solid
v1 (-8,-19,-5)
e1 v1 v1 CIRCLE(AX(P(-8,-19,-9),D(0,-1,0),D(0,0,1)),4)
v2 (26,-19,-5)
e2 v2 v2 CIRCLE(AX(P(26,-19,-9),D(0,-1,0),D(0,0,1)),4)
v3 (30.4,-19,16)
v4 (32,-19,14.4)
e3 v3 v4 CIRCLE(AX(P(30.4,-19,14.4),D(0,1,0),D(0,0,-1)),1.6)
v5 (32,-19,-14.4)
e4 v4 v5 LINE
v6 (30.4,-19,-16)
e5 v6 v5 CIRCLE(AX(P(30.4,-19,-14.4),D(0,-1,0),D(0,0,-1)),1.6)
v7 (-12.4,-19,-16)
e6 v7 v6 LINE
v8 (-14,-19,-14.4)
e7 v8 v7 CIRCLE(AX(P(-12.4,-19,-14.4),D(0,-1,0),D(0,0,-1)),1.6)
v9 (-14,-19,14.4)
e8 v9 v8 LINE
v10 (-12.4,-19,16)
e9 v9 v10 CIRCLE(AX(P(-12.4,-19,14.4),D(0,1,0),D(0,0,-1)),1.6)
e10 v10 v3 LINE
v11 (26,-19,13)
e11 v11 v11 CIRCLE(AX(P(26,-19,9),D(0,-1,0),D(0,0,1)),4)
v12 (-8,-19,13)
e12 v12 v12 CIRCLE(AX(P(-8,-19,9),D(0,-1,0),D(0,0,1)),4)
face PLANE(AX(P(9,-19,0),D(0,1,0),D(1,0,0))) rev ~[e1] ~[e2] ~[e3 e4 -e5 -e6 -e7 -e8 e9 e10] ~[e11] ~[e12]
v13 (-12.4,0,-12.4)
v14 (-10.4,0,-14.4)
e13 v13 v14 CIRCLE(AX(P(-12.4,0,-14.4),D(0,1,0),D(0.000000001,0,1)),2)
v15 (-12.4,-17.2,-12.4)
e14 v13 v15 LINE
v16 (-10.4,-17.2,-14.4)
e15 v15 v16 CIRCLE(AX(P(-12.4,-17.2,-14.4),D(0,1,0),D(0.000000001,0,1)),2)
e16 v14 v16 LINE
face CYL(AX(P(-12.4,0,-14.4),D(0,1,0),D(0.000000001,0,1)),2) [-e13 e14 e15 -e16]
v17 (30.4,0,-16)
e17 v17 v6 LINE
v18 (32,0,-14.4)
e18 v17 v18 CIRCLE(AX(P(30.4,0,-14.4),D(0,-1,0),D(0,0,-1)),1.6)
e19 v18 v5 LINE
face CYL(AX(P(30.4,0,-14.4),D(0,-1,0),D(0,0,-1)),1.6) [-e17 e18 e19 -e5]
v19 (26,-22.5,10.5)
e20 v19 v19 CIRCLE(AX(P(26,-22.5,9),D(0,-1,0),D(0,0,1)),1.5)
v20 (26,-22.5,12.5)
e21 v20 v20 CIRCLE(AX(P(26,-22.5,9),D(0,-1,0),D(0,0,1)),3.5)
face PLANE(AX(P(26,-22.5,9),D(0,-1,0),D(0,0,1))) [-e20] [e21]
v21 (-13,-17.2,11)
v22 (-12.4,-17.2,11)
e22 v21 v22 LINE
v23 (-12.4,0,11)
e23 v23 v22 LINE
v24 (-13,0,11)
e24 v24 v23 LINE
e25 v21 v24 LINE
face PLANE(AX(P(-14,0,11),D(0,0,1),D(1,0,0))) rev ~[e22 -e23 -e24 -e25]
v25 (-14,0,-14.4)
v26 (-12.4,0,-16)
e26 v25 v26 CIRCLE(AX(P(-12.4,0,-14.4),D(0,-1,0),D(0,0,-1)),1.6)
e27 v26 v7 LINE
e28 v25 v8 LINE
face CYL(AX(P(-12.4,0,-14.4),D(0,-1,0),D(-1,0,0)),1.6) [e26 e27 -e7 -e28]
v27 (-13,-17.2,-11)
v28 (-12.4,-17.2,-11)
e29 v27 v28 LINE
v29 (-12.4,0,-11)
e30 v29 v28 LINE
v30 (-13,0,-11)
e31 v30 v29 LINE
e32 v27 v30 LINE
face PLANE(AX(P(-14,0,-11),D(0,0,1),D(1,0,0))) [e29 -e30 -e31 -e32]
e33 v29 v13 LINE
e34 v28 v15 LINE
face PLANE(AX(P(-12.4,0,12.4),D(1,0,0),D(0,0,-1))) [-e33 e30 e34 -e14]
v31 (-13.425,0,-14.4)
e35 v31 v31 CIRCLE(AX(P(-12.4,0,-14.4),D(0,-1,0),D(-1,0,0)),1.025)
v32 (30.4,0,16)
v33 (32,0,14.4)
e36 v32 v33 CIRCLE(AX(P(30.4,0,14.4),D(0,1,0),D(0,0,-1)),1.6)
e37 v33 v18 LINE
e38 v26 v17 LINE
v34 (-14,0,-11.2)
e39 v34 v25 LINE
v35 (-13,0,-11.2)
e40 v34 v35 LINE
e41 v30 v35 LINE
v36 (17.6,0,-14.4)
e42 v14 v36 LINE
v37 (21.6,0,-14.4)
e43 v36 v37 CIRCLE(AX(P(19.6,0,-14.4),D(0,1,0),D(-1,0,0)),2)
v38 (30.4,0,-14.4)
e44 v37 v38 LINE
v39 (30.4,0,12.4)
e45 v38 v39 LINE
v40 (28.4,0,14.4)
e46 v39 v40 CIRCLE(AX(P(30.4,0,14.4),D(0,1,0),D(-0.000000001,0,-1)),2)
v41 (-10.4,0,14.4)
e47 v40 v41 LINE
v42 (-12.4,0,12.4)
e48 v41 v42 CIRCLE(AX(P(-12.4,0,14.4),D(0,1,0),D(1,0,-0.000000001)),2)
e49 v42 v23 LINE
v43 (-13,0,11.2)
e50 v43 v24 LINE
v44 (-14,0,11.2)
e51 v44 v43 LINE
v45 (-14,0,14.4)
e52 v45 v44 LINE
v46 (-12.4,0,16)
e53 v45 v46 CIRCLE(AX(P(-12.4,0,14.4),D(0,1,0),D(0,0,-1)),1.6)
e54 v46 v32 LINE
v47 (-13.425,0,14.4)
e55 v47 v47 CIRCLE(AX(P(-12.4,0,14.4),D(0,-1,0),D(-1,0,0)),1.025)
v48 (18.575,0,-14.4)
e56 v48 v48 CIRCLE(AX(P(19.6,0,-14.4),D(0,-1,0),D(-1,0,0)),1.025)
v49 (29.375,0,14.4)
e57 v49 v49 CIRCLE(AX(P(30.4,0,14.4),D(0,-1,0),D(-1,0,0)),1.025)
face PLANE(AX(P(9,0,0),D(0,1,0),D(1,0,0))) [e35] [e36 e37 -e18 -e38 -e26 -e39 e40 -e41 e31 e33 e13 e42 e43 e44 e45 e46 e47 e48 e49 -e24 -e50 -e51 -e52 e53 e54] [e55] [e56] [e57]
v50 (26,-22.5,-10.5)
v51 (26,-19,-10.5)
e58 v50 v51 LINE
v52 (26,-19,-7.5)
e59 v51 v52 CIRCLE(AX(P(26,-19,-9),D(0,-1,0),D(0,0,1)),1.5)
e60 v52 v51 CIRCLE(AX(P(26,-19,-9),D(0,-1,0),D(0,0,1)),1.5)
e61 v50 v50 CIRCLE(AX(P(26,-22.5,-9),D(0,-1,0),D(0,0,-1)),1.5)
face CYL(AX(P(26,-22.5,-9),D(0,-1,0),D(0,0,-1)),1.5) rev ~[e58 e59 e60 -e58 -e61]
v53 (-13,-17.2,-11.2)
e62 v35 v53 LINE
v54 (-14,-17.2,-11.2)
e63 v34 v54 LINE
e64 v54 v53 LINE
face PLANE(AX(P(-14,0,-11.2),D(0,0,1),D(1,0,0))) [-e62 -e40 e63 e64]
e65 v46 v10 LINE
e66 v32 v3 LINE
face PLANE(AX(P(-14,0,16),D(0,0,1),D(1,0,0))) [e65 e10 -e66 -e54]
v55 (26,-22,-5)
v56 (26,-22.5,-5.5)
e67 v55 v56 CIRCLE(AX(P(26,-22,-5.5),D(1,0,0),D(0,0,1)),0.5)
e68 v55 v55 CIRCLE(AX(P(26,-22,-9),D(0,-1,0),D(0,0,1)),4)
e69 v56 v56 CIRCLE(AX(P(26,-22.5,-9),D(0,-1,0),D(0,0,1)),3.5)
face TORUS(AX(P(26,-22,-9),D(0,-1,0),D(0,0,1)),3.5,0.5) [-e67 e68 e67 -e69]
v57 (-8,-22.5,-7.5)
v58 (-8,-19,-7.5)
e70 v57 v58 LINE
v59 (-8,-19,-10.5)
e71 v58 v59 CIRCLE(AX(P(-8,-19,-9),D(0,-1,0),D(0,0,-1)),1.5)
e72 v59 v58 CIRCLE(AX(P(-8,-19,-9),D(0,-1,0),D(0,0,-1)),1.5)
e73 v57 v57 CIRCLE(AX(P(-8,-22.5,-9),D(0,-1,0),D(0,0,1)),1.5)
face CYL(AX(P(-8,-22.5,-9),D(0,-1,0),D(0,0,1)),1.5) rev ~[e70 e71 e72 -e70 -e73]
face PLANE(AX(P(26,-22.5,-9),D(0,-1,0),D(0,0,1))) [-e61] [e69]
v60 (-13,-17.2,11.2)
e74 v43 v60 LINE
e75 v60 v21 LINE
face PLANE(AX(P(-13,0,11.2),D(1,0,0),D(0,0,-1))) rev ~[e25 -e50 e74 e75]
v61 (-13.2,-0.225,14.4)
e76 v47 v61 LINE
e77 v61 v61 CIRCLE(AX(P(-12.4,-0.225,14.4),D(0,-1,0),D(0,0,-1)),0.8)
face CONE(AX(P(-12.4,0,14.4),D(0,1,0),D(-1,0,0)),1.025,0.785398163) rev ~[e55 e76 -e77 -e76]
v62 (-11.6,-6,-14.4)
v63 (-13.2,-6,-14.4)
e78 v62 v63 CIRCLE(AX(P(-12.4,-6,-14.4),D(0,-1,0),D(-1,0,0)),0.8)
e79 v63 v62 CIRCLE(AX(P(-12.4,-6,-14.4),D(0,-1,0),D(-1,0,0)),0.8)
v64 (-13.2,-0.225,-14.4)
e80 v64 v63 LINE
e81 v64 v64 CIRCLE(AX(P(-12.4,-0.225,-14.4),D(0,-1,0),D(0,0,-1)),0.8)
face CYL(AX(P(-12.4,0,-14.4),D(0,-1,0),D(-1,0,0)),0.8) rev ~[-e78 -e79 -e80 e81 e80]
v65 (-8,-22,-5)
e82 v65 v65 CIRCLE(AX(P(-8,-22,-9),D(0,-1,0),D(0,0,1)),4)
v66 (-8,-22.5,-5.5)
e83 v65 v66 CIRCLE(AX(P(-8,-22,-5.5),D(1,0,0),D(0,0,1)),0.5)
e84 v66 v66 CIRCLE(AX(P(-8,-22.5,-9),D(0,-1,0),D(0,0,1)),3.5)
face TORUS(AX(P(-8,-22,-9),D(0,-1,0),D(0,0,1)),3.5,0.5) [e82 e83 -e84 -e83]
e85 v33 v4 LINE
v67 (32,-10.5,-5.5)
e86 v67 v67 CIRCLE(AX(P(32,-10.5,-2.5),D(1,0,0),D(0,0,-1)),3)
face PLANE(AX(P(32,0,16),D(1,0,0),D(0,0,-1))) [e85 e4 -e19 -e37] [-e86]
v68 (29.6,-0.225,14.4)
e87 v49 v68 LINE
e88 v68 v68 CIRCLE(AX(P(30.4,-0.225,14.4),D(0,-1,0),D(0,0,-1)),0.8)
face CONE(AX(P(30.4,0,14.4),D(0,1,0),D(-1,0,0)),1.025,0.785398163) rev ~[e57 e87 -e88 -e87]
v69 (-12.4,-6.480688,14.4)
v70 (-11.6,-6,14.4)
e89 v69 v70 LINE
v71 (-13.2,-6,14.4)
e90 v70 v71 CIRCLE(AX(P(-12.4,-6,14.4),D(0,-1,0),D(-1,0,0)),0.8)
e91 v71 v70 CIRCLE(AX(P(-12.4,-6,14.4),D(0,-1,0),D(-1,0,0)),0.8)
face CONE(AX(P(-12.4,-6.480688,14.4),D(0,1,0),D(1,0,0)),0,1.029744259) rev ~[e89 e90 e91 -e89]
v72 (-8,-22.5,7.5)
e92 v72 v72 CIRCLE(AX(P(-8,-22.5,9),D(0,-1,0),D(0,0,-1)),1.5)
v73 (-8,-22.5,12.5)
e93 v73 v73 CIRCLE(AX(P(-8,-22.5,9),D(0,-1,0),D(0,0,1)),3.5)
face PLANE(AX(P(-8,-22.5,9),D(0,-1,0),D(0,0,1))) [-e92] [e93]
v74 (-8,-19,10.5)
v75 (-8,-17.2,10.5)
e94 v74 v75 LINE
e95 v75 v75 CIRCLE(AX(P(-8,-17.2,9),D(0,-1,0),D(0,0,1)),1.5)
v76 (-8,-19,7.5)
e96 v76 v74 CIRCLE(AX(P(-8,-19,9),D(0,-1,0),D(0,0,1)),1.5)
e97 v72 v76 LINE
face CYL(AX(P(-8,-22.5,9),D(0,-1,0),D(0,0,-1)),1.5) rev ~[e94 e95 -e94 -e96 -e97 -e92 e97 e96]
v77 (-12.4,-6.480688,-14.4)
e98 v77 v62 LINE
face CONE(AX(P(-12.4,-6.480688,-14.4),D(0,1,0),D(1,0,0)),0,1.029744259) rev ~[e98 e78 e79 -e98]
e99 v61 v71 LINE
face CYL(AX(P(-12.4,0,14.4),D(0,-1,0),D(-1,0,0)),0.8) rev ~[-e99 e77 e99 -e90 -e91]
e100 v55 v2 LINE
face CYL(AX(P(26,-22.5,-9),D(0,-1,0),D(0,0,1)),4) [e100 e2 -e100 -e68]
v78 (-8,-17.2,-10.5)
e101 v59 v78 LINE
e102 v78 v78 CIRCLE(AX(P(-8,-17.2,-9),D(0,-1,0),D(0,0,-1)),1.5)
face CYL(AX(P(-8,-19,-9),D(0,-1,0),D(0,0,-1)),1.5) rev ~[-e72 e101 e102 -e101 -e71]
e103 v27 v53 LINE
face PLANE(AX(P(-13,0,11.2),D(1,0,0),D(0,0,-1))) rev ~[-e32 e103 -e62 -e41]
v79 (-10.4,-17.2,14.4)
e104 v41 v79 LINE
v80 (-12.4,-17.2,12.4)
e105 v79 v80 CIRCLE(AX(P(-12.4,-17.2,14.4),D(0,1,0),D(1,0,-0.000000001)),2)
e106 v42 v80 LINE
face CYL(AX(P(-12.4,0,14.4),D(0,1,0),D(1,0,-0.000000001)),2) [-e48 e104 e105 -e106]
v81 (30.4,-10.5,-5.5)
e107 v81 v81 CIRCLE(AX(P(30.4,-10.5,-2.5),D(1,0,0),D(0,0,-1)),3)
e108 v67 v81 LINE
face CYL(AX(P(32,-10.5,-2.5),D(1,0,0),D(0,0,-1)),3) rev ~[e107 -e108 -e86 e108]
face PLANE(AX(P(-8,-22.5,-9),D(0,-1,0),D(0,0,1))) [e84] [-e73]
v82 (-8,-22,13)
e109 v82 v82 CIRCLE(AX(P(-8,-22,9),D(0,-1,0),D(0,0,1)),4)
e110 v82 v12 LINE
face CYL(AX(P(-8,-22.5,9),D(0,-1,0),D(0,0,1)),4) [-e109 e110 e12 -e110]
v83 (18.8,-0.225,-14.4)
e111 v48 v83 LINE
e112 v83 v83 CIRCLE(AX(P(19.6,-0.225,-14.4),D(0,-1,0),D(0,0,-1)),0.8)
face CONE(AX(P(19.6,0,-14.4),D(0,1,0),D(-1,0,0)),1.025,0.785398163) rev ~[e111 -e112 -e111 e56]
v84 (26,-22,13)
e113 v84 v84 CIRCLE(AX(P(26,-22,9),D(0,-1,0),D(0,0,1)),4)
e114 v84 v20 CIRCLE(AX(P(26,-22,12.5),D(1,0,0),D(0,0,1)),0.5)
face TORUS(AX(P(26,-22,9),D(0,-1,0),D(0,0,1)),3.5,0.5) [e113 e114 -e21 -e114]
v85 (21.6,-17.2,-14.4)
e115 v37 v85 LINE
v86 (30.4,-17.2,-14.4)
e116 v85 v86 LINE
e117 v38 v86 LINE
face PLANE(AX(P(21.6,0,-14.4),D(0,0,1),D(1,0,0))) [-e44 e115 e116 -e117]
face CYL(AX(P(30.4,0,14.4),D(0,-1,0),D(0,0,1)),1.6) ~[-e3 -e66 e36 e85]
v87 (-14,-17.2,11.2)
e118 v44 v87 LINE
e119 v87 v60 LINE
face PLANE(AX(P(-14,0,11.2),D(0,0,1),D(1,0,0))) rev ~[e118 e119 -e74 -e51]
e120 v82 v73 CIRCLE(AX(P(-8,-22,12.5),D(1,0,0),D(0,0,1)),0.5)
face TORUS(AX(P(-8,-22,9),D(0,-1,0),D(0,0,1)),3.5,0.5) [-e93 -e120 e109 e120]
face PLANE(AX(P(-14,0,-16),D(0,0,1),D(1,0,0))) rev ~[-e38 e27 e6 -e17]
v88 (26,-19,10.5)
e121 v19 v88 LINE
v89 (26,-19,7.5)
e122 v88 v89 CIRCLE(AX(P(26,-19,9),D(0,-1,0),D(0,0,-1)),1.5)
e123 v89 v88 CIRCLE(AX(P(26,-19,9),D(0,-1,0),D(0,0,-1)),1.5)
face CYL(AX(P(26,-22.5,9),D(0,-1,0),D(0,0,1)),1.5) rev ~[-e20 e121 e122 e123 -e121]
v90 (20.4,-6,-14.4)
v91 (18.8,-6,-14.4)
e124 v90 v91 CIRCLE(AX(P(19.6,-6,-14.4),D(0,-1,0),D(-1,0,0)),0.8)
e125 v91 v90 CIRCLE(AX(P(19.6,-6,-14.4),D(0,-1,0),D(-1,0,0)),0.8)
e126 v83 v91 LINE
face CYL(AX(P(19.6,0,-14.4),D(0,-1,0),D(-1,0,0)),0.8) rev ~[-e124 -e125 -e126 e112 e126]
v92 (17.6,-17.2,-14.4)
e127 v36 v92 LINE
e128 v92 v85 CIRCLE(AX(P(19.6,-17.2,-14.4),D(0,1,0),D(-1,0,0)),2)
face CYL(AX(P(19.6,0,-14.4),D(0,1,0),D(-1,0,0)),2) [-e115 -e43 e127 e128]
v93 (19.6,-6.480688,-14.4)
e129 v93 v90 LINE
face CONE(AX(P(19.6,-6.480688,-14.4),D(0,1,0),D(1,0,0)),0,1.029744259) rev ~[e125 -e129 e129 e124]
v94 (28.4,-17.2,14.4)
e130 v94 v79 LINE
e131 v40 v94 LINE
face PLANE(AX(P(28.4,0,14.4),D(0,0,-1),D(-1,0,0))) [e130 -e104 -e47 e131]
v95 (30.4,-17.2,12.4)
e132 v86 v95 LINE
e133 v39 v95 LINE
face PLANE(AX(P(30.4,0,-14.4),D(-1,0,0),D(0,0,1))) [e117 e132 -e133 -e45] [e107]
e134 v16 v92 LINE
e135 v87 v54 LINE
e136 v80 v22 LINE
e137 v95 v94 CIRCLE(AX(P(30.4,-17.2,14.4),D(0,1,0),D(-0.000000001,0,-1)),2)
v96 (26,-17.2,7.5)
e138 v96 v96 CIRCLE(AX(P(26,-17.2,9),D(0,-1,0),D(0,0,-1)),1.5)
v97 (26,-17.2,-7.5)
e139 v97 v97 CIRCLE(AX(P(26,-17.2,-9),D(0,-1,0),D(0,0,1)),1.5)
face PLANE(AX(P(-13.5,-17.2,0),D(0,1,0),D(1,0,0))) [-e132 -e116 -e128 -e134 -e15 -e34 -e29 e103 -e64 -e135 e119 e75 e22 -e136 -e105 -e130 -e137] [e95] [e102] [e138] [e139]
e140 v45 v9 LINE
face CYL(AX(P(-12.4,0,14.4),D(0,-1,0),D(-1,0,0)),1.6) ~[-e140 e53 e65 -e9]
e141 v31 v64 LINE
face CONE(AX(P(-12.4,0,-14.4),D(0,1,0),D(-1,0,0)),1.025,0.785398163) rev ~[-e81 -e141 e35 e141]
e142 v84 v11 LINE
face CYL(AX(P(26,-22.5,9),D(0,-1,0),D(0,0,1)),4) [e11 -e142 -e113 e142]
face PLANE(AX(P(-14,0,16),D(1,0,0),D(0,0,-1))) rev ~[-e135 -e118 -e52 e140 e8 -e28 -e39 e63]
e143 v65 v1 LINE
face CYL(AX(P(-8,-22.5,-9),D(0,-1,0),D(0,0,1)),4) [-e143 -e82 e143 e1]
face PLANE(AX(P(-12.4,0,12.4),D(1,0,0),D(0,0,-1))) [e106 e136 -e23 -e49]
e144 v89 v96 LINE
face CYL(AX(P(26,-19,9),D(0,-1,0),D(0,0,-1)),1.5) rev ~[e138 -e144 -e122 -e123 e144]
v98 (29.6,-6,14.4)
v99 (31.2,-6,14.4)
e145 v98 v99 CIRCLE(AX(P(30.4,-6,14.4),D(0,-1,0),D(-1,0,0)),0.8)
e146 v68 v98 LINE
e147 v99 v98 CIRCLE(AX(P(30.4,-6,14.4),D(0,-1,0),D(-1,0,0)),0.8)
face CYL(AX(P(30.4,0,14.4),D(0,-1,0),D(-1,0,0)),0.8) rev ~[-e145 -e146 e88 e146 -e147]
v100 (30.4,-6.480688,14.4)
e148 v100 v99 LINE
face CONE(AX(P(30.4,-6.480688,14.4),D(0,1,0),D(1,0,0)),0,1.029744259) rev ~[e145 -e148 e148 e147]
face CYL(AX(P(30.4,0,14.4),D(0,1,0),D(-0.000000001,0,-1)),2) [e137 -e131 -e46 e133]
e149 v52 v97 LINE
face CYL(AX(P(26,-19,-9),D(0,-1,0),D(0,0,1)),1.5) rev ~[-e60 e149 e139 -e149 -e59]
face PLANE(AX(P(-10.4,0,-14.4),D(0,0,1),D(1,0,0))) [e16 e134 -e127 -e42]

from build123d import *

# Parameters (mm, degrees)
SKETCH1_W                       = 46
SKETCH1_H                       = 32
BOSS_EXTRUDE1_DEPTH             = 19
M2X0_4_TAPPED_HOLE1_D           = 1.6
M2X0_4_TAPPED_HOLE1_DEPTH       = 6
M2X0_4_TAPPED_HOLE1_CSINK_D     = 2.05
M2X0_4_TAPPED_HOLE1_CSINK_ANGLE = 90
M2X0_4_TAPPED_HOLE1_TIP         = 0.480688495
FILLET1_R                       = 1.6
CUT_EXTRUDE3_DEPTH              = 17.2
SKETCH6_W                       = 2
SKETCH6_H                       = 22
CUT_EXTRUDE1_DEPTH              = 17.2
SKETCH7_W                       = 1
SKETCH7_H                       = 22.4
CUT_EXTRUDE2_DEPTH              = 17.2
SKETCH9_R                       = 3
CUT_EXTRUDE4_DEPTH              = 53.27810249
SKETCH10_R                      = 1.5
CUT_EXTRUDE5_DEPTH              = 10
BOSS_EXTRUDE5_START             = 3.5
SKETCH12_R                      = 4
SKETCH12_R_2                    = 1.5
BOSS_EXTRUDE5_DEPTH             = 3.5
FILLET4_R                       = 0.5


with BuildPart() as part:
    # Sketch1 → Boss-Extrude1 (new body)
    with BuildSketch(Plane(origin=(0, 0, 0), x_dir=(1, 0, 0), z_dir=(0, 1, 0))):
        with Locations((9, 0)):
            Rectangle(SKETCH1_W, SKETCH1_H)
    extrude(amount=-BOSS_EXTRUDE1_DEPTH)

    # M2x0.4 Tapped Hole1
    with Locations(Plane(origin=(0, 0, 0), x_dir=(1, 0, 0), z_dir=(0, 1, 0))):
        with Locations((-12.4, 14.4), (19.6, 14.4), (30.4, -14.4), (-12.4, -14.4)):
            CounterSinkHole(M2X0_4_TAPPED_HOLE1_D / 2, M2X0_4_TAPPED_HOLE1_CSINK_D / 2, depth=M2X0_4_TAPPED_HOLE1_DEPTH, counter_sink_angle=M2X0_4_TAPPED_HOLE1_CSINK_ANGLE)
            with Locations((0, 0, -(M2X0_4_TAPPED_HOLE1_DEPTH + M2X0_4_TAPPED_HOLE1_TIP / 2))):  # 118° drill point
                Cone(0, M2X0_4_TAPPED_HOLE1_D / 2, M2X0_4_TAPPED_HOLE1_TIP, mode=Mode.SUBTRACT)

    # Fillet1
    fillet1_edges = [part.edges().sort_by_distance(p)[0] for p in [
        (-14, -9.5, -16),
        (32, -9.5, -16),
        (32, -9.5, 16),
        (-14, -9.5, 16),
    ]]
    fillet(fillet1_edges, radius=FILLET1_R)

    # Sketch8 → Cut-Extrude3 (cut)
    with BuildSketch(Plane(origin=(0, 0, 0), x_dir=(1, 0, 0), z_dir=(0, 1, 0))):
        with BuildLine():
            Line((-10.4, 14.4), (17.6, 14.4))
            ThreePointArc((17.6, 14.4), (19.6, 12.4), (21.6, 14.4))
            Line((21.6, 14.4), (30.4, 14.4))
            Line((30.4, 14.4), (30.4, -12.4))
            ThreePointArc((30.4, -12.4), (28.985786438, -12.985786438), (28.4, -14.4))
            Line((28.4, -14.4), (-10.4, -14.4))
            ThreePointArc((-10.4, -14.4), (-10.985786438, -12.985786438), (-12.4, -12.4))
            Line((-12.4, -12.4), (-12.4, 12.4))
            ThreePointArc((-12.4, 12.4), (-10.985786438, 12.985786438), (-10.4, 14.4))
        make_face()
    extrude(amount=-CUT_EXTRUDE3_DEPTH, mode=Mode.SUBTRACT)

    # Sketch6 → Cut-Extrude1 (cut)
    with BuildSketch(Plane(origin=(0, 0, 0), x_dir=(1, 0, 0), z_dir=(0, 1, 0))):
        with Locations((-13, 0)):
            Rectangle(SKETCH6_W, SKETCH6_H)
    extrude(amount=-CUT_EXTRUDE1_DEPTH, mode=Mode.SUBTRACT)

    # Sketch7 → Cut-Extrude2 (cut)
    with BuildSketch(Plane(origin=(0, 0, 0), x_dir=(1, 0, 0), z_dir=(0, 1, 0))):
        with Locations((-13.5, 0)):
            Rectangle(SKETCH7_W, SKETCH7_H)
    extrude(amount=-CUT_EXTRUDE2_DEPTH, mode=Mode.SUBTRACT)

    # Sketch9 → Cut-Extrude4 (cut, through all)
    with BuildSketch(Plane(origin=(32, 0, 0), x_dir=(0, 0, -1), z_dir=(1, 0, 0))):
        with Locations((2.5, -10.5)):
            Circle(SKETCH9_R)
    extrude(amount=-CUT_EXTRUDE4_DEPTH, mode=Mode.SUBTRACT)

    # Sketch10 → Cut-Extrude5 (cut)
    with BuildSketch(Plane.XZ.offset(19)):
        with Locations(Location((26, 9, 0), (0, 0, 270))):
            Circle(SKETCH10_R)
        with Locations(Location((26, -9, 0), (0, 0, 90))):
            Circle(SKETCH10_R)
        with Locations(Location((-8, -9, 0), (0, 0, 270))):
            Circle(SKETCH10_R)
        with Locations(Location((-8, 9, 0), (0, 0, 90))):
            Circle(SKETCH10_R)
    extrude(amount=-CUT_EXTRUDE5_DEPTH, mode=Mode.SUBTRACT)

    # Sketch12 → Boss-Extrude5 (add)
    # profile 1 of 4: a face of its own
    with BuildSketch(Plane.XZ.offset(19).offset(BOSS_EXTRUDE5_START)):
        with Locations(Location((-8, 9, 0), (0, 0, 90))):
            Circle(SKETCH12_R)
        with Locations(Location((-8, 9, 0), (0, 0, 270))):
            Circle(SKETCH12_R_2, mode=Mode.SUBTRACT)
    # profile 2 of 4: a face of its own
    with BuildSketch(Plane.XZ.offset(19).offset(BOSS_EXTRUDE5_START)):
        with Locations(Location((26, 9, 0), (0, 0, 90))):
            Circle(SKETCH12_R)
        with Locations(Location((26, 9, 0), (0, 0, 90))):
            Circle(SKETCH12_R_2, mode=Mode.SUBTRACT)
    # profile 3 of 4: a face of its own
    with BuildSketch(Plane.XZ.offset(19).offset(BOSS_EXTRUDE5_START)):
        with Locations(Location((26, -9, 0), (0, 0, 90))):
            Circle(SKETCH12_R)
        with Locations(Location((26, -9, 0), (0, 0, 270))):
            Circle(SKETCH12_R_2, mode=Mode.SUBTRACT)
    # profile 4 of 4: a face of its own
    with BuildSketch(Plane.XZ.offset(19).offset(BOSS_EXTRUDE5_START)):
        with Locations(Location((-8, -9, 0), (0, 0, 90))):
            Circle(SKETCH12_R)
        with Locations(Location((-8, -9, 0), (0, 0, 90))):
            Circle(SKETCH12_R_2, mode=Mode.SUBTRACT)
    extrude(amount=-BOSS_EXTRUDE5_DEPTH)

    # Fillet4
    fillet4_edges = [part.edges().sort_by_distance(p)[0] for p in [
        (-8, -22.5, 5),
        (26, -22.5, 5),
        (26, -22.5, -13),
        (-8, -22.5, -13),
    ]]
    fillet(fillet4_edges, radius=FILLET4_R)


solid = part.part
